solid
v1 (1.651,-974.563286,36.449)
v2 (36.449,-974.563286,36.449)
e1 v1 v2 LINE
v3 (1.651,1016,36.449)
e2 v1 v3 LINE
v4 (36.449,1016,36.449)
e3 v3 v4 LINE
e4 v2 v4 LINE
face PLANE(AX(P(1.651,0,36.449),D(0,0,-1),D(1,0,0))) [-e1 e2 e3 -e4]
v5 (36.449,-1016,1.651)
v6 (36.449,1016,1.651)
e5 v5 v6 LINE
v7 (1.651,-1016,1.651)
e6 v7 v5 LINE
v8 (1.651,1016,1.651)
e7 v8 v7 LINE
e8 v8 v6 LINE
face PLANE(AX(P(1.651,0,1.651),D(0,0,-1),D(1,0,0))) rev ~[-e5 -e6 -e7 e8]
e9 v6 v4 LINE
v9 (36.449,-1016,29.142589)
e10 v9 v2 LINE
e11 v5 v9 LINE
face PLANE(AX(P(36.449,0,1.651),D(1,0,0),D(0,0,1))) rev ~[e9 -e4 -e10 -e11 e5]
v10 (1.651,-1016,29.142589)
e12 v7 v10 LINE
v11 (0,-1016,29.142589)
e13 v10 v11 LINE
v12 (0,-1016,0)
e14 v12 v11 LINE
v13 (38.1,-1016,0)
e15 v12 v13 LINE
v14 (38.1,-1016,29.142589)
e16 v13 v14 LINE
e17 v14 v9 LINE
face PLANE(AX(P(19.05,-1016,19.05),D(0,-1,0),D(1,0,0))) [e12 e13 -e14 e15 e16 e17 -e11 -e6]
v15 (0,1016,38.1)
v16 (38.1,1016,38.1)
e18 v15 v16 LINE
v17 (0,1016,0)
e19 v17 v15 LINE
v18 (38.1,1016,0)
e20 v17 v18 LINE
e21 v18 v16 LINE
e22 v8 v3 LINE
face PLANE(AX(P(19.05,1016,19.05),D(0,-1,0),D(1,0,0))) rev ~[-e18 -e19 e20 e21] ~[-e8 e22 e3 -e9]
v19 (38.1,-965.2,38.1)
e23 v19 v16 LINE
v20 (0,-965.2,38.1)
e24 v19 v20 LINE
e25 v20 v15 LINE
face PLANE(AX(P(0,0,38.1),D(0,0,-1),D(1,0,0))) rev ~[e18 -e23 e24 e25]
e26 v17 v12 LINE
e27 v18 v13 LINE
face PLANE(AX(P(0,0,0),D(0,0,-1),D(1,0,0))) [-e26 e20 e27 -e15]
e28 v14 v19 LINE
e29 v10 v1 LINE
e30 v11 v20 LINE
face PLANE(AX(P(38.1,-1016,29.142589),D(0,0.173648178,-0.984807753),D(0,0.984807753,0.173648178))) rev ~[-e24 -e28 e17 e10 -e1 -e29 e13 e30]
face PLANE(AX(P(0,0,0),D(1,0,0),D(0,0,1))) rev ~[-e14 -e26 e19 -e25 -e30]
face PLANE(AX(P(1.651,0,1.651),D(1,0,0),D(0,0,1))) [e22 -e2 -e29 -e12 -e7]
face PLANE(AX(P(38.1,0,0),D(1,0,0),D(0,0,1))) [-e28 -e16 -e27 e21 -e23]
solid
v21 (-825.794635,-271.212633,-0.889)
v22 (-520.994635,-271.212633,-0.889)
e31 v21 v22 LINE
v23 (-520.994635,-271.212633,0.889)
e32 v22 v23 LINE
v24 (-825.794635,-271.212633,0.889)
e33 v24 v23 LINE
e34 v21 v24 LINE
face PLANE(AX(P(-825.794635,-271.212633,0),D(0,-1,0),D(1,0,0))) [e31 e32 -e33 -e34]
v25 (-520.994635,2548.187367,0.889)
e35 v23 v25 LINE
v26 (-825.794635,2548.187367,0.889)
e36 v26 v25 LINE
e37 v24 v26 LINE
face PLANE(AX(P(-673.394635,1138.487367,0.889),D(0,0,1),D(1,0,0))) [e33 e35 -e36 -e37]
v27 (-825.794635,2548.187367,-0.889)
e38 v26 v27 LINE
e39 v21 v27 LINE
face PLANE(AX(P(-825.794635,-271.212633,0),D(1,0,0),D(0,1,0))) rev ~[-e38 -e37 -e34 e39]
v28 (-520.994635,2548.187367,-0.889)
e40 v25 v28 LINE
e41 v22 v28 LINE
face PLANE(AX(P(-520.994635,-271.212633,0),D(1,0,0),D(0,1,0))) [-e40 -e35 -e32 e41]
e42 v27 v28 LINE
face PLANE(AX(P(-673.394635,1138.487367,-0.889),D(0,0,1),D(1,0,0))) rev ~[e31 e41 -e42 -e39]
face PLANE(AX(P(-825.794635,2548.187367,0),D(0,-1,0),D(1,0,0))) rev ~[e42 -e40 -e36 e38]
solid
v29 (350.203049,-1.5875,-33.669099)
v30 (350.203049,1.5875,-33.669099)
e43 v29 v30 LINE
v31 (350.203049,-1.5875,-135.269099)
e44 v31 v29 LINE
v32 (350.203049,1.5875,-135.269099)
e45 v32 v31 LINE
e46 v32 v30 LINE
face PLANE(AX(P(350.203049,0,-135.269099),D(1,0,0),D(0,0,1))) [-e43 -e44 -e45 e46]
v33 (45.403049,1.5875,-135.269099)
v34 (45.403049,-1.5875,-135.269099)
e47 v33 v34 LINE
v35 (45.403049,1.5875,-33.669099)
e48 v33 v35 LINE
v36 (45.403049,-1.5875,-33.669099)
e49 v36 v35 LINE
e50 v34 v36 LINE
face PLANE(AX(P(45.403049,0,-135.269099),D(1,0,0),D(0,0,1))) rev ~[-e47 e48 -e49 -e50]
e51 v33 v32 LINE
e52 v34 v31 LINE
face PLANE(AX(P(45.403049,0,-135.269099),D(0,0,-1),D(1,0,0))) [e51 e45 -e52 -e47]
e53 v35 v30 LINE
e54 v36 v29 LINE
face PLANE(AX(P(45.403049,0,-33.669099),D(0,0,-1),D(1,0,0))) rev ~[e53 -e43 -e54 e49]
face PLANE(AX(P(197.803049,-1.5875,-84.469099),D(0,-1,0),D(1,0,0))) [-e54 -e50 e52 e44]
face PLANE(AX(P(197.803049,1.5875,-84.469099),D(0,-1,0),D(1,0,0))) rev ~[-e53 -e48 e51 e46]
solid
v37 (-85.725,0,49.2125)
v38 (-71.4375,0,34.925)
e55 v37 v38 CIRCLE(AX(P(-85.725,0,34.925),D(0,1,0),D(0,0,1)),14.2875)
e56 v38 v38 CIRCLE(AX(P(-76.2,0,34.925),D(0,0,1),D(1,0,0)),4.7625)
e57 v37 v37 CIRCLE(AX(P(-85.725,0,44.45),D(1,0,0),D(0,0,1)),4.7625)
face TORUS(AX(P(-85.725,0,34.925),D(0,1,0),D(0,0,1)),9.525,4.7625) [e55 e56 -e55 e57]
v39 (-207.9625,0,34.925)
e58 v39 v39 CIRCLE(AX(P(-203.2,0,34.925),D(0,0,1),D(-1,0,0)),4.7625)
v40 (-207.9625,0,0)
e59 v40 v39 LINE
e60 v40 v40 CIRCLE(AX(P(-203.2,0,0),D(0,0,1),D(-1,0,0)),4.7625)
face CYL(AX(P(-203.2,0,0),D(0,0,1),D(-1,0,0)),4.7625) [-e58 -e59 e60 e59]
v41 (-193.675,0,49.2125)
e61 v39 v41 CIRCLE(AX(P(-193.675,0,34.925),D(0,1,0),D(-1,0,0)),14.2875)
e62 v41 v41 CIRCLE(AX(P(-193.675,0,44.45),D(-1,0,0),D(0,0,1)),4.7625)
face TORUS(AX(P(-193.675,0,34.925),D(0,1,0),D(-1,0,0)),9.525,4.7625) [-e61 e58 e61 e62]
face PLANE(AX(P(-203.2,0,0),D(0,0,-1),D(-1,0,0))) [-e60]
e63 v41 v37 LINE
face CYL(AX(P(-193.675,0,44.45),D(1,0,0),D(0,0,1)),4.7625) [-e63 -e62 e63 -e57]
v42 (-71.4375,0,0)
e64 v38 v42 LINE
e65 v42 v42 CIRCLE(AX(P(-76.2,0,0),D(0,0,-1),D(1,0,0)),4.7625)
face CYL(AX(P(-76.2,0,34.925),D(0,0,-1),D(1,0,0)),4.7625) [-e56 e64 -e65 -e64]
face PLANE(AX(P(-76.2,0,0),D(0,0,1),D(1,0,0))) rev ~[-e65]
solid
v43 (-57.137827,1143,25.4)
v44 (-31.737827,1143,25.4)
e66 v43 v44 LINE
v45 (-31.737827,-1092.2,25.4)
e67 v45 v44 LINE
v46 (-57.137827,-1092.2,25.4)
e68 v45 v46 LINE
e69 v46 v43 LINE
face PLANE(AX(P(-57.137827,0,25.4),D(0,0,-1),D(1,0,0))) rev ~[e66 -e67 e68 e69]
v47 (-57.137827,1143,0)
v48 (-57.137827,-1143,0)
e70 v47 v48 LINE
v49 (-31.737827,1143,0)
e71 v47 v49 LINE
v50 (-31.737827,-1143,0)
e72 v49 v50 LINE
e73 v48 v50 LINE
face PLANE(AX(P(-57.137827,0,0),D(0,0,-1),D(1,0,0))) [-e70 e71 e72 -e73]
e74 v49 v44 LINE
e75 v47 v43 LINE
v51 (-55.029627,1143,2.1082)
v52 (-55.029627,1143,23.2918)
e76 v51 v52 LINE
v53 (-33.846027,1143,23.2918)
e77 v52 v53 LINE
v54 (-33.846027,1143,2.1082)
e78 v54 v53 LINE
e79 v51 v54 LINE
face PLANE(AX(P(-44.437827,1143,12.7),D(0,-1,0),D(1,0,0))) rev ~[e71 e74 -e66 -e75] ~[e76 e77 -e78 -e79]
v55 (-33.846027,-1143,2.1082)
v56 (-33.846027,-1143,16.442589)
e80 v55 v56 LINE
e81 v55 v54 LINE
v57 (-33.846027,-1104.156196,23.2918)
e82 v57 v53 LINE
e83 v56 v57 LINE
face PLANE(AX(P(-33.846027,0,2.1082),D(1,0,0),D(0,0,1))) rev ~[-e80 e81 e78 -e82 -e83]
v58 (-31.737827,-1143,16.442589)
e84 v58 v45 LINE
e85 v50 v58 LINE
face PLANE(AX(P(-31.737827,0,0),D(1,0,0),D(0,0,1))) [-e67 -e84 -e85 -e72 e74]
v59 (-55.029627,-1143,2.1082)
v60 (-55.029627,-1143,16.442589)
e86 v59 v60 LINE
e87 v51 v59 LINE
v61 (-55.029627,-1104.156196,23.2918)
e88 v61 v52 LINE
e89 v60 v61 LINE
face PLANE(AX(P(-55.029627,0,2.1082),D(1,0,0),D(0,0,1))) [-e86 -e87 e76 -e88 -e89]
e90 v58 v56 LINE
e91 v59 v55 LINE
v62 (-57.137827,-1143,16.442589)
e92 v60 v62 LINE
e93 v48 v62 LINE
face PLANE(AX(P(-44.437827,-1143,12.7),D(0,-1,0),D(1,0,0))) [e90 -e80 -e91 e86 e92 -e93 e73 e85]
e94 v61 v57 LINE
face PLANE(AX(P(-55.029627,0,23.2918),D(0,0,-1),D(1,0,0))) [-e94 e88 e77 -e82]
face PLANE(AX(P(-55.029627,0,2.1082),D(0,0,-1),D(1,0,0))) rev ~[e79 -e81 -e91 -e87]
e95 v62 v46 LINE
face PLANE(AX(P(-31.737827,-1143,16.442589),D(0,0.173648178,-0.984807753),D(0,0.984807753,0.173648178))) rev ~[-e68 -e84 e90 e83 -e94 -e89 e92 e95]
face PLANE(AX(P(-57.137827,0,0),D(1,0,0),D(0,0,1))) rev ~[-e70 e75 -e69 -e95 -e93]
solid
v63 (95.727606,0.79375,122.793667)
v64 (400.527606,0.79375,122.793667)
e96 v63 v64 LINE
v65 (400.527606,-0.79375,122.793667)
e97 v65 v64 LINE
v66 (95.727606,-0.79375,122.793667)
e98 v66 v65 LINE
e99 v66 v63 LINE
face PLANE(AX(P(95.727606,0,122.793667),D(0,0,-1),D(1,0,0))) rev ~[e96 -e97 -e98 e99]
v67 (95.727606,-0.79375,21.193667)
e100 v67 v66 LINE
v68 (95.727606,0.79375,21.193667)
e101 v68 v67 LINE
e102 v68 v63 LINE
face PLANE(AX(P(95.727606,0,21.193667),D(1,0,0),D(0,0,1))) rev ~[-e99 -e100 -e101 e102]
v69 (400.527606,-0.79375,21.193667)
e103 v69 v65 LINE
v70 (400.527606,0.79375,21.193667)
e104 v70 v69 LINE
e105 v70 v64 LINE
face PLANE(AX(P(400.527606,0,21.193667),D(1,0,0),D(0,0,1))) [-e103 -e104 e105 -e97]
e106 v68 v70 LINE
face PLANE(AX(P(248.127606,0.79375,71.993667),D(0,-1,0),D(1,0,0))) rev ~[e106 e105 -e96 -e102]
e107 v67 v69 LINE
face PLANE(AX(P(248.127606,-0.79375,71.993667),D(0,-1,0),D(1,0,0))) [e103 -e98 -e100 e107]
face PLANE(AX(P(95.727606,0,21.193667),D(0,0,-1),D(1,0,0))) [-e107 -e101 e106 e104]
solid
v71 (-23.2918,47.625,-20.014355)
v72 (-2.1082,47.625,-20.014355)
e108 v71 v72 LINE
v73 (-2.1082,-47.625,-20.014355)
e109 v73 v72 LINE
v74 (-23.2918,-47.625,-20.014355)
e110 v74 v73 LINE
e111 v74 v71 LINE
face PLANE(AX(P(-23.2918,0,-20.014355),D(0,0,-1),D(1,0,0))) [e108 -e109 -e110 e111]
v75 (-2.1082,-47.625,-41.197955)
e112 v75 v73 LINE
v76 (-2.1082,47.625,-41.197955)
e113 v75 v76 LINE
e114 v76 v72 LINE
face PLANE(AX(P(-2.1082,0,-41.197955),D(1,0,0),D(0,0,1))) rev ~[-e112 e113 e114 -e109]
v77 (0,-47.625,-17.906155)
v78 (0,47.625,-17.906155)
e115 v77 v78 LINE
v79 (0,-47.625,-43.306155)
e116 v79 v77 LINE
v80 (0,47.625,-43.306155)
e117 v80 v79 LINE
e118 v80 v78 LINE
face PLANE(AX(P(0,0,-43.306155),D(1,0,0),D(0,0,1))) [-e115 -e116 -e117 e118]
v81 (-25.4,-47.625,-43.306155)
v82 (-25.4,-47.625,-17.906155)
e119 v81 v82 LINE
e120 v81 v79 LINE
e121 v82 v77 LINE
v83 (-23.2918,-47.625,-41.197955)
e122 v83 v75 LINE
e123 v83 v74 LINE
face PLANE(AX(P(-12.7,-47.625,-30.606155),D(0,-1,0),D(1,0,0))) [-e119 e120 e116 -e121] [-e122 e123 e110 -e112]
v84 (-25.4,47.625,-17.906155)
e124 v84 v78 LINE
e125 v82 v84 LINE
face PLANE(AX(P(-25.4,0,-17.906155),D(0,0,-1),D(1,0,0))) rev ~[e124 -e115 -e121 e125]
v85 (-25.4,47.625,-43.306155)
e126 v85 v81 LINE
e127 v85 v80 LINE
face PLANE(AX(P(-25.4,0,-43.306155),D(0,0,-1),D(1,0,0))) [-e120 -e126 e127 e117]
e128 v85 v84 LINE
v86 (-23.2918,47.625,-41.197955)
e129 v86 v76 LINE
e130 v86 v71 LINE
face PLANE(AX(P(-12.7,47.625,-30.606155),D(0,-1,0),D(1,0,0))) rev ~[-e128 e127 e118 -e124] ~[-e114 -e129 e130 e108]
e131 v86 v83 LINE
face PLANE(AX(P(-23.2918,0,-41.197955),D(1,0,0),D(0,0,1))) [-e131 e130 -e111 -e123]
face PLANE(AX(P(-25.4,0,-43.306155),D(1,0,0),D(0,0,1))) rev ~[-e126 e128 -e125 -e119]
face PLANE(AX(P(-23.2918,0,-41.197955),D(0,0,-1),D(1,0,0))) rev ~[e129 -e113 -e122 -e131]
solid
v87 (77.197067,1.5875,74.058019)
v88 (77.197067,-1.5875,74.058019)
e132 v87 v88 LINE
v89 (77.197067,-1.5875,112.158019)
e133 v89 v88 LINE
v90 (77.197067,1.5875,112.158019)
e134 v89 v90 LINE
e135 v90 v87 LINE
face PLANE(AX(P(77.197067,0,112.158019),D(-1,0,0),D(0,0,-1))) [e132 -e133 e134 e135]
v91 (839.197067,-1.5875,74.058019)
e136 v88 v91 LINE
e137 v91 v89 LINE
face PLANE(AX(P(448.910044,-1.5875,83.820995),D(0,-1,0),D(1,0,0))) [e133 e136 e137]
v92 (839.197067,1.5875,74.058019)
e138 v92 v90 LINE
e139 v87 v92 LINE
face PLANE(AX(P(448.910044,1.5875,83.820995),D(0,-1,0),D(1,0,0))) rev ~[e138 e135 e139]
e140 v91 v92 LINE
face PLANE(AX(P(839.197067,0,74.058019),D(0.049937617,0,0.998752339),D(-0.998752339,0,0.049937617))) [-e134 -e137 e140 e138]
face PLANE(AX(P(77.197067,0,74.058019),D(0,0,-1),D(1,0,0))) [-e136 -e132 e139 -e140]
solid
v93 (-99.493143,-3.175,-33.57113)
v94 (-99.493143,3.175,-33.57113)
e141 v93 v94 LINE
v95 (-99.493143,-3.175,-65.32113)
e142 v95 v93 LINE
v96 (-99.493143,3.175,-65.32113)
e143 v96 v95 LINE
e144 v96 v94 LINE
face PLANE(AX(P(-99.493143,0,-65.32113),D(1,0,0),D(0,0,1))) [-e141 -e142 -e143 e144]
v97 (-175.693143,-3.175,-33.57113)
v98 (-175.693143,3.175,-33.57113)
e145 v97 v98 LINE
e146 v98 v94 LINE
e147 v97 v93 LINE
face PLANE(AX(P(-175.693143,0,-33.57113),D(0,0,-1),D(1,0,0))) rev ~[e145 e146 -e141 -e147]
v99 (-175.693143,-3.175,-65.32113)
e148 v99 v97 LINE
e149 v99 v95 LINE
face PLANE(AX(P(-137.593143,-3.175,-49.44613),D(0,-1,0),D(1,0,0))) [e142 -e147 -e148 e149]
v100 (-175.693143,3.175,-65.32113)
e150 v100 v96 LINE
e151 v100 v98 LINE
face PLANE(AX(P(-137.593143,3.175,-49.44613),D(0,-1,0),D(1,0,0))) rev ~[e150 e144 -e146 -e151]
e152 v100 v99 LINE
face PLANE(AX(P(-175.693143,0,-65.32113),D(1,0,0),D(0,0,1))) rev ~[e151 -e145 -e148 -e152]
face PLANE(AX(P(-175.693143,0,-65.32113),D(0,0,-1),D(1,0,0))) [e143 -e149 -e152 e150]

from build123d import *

# Parameters (mm, degrees)
F0_W      = 38.1
F0_H      = 38.1
F0_W_2    = 34.798
F0_H_2    = 34.798
F1_DEPTH  = 1016
F2_W      = 25.4
F2_H      = 25.4
F2_W_2    = 21.1836
F2_H_2    = 21.1836
F3_DEPTH  = 1143
F4_W      = 25.4
F4_H      = 25.4
F4_W_2    = 21.1836
F4_H_2    = 21.1836
F5_DEPTH  = 47.625
F6_W      = 304.8
F6_H      = 101.6
F7_DEPTH  = 1.5875
F8_W      = 76.2
F8_H      = 31.75
F9_DEPTH  = 3.175
F11_R     = 4.7625
F13_W     = 304.8
F13_H     = 101.6
F14_DEPTH = 0.79375
F15_W     = 304.8
F15_H     = 2819.4
F16_DEPTH = 0.889
F18_DEPTH = 38.1
F20_DEPTH = 25.4
F22_DEPTH = 1.5875


with BuildPart() as f1:
    # F0 (on Front) → F1 (new body, symmetric)
    with BuildSketch(Plane.XZ):
        with Locations((19.05, 19.05)):
            Rectangle(F0_W, F0_H)
        with Locations((19.05, 19.05)):
            Rectangle(F0_W_2, F0_H_2, mode=Mode.SUBTRACT)
    extrude(amount=F1_DEPTH, both=True)

    # F17 (on face) → F18 (cut, through all)
    with BuildSketch(Plane.YZ.offset(38.1)):
        Polygon((-965.2, 38.1), (-1016, 38.1), (-1016, 29.14258938), align=None)
    extrude(amount=-F18_DEPTH, mode=Mode.SUBTRACT)


with BuildPart() as f3:
    # F2 (on Front) → F3 (new body, symmetric)
    with BuildSketch(Plane.XZ):
        with Locations((-44.4378267646, 12.7)):
            Rectangle(F2_W, F2_H)
        with Locations((-44.4378267646, 12.7)):
            Rectangle(F2_W_2, F2_H_2, mode=Mode.SUBTRACT)
    extrude(amount=F3_DEPTH, both=True)

    # F19 (on face) → F20 (cut, through all)
    with BuildSketch(Plane.YZ.offset(-31.7378267646)):
        Polygon((-1092.2, 25.4), (-1143, 25.4), (-1143, 16.44258938), align=None)
    extrude(amount=-F20_DEPTH, mode=Mode.SUBTRACT)


with BuildPart() as f5:
    # F4 (on Front) → F5 (new body, symmetric)
    with BuildSketch(Plane.XZ):
        with Locations((-12.7, -30.6061554372)):
            Rectangle(F4_W, F4_H)
        with Locations((-12.7, -30.6061554372)):
            Rectangle(F4_W_2, F4_H_2, mode=Mode.SUBTRACT)
    extrude(amount=F5_DEPTH, both=True)


with BuildPart() as f7:
    # F6 (on Front) → F7 (new body, symmetric)
    with BuildSketch(Plane.XZ):
        with Locations((197.8030491917, -84.4690985978)):
            Rectangle(F6_W, F6_H)
    extrude(amount=F7_DEPTH, both=True)


with BuildPart() as f9:
    # F8 (on Front) → F9 (new body, symmetric)
    with BuildSketch(Plane.XZ):
        with Locations((-137.5931432034, -49.4461301714)):
            Rectangle(F8_W, F8_H)
    extrude(amount=F9_DEPTH, both=True)


with BuildPart() as f12:
    # F12: sweep along a path in F10
    with BuildLine(Plane.XZ) as f12_path:
        Line((-203.2, 0), (-203.2, 34.925))
        ThreePointArc((-203.2, 34.925), (-200.4101920908, 41.6601920908), (-193.675, 44.45))
        Line((-193.675, 44.45), (-85.725, 44.45))
        ThreePointArc((-85.725, 44.45), (-78.9898079092, 41.6601920908), (-76.2, 34.925))
        Line((-76.2, 34.925), (-76.2, 0))
    # F11 (on Top) → F12 (sweep)
    with BuildSketch(Plane.XY):
        with Locations((-76.2, 0)):
            Circle(F11_R)
    sweep(path=f12_path.line)


with BuildPart() as f14:
    # F13 (on Front) → F14 (new body, symmetric)
    with BuildSketch(Plane.XZ):
        with Locations((248.1276057661, 71.9936672337)):
            Rectangle(F13_W, F13_H)
    extrude(amount=F14_DEPTH, both=True)


with BuildPart() as f16:
    # F15 (on Top) → F16 (new body, symmetric)
    with BuildSketch(Plane.XY):
        with Locations((-673.3946353197, 1138.4873669436)):
            Rectangle(F15_W, F15_H)
    extrude(amount=F16_DEPTH, both=True)


with BuildPart() as f22:
    # F21 (on Front) → F22 (new body, symmetric)
    with BuildSketch(Plane.XZ):
        Polygon((77.1970674396, 112.1580186248), (77.1970674396, 74.0580186248), (839.1970674396, 74.0580186248), align=None)
    extrude(amount=F22_DEPTH, both=True)


solid = Compound([f1.part, f3.part, f5.part, f7.part, f9.part, f12.part, f14.part, f16.part, f22.part])
